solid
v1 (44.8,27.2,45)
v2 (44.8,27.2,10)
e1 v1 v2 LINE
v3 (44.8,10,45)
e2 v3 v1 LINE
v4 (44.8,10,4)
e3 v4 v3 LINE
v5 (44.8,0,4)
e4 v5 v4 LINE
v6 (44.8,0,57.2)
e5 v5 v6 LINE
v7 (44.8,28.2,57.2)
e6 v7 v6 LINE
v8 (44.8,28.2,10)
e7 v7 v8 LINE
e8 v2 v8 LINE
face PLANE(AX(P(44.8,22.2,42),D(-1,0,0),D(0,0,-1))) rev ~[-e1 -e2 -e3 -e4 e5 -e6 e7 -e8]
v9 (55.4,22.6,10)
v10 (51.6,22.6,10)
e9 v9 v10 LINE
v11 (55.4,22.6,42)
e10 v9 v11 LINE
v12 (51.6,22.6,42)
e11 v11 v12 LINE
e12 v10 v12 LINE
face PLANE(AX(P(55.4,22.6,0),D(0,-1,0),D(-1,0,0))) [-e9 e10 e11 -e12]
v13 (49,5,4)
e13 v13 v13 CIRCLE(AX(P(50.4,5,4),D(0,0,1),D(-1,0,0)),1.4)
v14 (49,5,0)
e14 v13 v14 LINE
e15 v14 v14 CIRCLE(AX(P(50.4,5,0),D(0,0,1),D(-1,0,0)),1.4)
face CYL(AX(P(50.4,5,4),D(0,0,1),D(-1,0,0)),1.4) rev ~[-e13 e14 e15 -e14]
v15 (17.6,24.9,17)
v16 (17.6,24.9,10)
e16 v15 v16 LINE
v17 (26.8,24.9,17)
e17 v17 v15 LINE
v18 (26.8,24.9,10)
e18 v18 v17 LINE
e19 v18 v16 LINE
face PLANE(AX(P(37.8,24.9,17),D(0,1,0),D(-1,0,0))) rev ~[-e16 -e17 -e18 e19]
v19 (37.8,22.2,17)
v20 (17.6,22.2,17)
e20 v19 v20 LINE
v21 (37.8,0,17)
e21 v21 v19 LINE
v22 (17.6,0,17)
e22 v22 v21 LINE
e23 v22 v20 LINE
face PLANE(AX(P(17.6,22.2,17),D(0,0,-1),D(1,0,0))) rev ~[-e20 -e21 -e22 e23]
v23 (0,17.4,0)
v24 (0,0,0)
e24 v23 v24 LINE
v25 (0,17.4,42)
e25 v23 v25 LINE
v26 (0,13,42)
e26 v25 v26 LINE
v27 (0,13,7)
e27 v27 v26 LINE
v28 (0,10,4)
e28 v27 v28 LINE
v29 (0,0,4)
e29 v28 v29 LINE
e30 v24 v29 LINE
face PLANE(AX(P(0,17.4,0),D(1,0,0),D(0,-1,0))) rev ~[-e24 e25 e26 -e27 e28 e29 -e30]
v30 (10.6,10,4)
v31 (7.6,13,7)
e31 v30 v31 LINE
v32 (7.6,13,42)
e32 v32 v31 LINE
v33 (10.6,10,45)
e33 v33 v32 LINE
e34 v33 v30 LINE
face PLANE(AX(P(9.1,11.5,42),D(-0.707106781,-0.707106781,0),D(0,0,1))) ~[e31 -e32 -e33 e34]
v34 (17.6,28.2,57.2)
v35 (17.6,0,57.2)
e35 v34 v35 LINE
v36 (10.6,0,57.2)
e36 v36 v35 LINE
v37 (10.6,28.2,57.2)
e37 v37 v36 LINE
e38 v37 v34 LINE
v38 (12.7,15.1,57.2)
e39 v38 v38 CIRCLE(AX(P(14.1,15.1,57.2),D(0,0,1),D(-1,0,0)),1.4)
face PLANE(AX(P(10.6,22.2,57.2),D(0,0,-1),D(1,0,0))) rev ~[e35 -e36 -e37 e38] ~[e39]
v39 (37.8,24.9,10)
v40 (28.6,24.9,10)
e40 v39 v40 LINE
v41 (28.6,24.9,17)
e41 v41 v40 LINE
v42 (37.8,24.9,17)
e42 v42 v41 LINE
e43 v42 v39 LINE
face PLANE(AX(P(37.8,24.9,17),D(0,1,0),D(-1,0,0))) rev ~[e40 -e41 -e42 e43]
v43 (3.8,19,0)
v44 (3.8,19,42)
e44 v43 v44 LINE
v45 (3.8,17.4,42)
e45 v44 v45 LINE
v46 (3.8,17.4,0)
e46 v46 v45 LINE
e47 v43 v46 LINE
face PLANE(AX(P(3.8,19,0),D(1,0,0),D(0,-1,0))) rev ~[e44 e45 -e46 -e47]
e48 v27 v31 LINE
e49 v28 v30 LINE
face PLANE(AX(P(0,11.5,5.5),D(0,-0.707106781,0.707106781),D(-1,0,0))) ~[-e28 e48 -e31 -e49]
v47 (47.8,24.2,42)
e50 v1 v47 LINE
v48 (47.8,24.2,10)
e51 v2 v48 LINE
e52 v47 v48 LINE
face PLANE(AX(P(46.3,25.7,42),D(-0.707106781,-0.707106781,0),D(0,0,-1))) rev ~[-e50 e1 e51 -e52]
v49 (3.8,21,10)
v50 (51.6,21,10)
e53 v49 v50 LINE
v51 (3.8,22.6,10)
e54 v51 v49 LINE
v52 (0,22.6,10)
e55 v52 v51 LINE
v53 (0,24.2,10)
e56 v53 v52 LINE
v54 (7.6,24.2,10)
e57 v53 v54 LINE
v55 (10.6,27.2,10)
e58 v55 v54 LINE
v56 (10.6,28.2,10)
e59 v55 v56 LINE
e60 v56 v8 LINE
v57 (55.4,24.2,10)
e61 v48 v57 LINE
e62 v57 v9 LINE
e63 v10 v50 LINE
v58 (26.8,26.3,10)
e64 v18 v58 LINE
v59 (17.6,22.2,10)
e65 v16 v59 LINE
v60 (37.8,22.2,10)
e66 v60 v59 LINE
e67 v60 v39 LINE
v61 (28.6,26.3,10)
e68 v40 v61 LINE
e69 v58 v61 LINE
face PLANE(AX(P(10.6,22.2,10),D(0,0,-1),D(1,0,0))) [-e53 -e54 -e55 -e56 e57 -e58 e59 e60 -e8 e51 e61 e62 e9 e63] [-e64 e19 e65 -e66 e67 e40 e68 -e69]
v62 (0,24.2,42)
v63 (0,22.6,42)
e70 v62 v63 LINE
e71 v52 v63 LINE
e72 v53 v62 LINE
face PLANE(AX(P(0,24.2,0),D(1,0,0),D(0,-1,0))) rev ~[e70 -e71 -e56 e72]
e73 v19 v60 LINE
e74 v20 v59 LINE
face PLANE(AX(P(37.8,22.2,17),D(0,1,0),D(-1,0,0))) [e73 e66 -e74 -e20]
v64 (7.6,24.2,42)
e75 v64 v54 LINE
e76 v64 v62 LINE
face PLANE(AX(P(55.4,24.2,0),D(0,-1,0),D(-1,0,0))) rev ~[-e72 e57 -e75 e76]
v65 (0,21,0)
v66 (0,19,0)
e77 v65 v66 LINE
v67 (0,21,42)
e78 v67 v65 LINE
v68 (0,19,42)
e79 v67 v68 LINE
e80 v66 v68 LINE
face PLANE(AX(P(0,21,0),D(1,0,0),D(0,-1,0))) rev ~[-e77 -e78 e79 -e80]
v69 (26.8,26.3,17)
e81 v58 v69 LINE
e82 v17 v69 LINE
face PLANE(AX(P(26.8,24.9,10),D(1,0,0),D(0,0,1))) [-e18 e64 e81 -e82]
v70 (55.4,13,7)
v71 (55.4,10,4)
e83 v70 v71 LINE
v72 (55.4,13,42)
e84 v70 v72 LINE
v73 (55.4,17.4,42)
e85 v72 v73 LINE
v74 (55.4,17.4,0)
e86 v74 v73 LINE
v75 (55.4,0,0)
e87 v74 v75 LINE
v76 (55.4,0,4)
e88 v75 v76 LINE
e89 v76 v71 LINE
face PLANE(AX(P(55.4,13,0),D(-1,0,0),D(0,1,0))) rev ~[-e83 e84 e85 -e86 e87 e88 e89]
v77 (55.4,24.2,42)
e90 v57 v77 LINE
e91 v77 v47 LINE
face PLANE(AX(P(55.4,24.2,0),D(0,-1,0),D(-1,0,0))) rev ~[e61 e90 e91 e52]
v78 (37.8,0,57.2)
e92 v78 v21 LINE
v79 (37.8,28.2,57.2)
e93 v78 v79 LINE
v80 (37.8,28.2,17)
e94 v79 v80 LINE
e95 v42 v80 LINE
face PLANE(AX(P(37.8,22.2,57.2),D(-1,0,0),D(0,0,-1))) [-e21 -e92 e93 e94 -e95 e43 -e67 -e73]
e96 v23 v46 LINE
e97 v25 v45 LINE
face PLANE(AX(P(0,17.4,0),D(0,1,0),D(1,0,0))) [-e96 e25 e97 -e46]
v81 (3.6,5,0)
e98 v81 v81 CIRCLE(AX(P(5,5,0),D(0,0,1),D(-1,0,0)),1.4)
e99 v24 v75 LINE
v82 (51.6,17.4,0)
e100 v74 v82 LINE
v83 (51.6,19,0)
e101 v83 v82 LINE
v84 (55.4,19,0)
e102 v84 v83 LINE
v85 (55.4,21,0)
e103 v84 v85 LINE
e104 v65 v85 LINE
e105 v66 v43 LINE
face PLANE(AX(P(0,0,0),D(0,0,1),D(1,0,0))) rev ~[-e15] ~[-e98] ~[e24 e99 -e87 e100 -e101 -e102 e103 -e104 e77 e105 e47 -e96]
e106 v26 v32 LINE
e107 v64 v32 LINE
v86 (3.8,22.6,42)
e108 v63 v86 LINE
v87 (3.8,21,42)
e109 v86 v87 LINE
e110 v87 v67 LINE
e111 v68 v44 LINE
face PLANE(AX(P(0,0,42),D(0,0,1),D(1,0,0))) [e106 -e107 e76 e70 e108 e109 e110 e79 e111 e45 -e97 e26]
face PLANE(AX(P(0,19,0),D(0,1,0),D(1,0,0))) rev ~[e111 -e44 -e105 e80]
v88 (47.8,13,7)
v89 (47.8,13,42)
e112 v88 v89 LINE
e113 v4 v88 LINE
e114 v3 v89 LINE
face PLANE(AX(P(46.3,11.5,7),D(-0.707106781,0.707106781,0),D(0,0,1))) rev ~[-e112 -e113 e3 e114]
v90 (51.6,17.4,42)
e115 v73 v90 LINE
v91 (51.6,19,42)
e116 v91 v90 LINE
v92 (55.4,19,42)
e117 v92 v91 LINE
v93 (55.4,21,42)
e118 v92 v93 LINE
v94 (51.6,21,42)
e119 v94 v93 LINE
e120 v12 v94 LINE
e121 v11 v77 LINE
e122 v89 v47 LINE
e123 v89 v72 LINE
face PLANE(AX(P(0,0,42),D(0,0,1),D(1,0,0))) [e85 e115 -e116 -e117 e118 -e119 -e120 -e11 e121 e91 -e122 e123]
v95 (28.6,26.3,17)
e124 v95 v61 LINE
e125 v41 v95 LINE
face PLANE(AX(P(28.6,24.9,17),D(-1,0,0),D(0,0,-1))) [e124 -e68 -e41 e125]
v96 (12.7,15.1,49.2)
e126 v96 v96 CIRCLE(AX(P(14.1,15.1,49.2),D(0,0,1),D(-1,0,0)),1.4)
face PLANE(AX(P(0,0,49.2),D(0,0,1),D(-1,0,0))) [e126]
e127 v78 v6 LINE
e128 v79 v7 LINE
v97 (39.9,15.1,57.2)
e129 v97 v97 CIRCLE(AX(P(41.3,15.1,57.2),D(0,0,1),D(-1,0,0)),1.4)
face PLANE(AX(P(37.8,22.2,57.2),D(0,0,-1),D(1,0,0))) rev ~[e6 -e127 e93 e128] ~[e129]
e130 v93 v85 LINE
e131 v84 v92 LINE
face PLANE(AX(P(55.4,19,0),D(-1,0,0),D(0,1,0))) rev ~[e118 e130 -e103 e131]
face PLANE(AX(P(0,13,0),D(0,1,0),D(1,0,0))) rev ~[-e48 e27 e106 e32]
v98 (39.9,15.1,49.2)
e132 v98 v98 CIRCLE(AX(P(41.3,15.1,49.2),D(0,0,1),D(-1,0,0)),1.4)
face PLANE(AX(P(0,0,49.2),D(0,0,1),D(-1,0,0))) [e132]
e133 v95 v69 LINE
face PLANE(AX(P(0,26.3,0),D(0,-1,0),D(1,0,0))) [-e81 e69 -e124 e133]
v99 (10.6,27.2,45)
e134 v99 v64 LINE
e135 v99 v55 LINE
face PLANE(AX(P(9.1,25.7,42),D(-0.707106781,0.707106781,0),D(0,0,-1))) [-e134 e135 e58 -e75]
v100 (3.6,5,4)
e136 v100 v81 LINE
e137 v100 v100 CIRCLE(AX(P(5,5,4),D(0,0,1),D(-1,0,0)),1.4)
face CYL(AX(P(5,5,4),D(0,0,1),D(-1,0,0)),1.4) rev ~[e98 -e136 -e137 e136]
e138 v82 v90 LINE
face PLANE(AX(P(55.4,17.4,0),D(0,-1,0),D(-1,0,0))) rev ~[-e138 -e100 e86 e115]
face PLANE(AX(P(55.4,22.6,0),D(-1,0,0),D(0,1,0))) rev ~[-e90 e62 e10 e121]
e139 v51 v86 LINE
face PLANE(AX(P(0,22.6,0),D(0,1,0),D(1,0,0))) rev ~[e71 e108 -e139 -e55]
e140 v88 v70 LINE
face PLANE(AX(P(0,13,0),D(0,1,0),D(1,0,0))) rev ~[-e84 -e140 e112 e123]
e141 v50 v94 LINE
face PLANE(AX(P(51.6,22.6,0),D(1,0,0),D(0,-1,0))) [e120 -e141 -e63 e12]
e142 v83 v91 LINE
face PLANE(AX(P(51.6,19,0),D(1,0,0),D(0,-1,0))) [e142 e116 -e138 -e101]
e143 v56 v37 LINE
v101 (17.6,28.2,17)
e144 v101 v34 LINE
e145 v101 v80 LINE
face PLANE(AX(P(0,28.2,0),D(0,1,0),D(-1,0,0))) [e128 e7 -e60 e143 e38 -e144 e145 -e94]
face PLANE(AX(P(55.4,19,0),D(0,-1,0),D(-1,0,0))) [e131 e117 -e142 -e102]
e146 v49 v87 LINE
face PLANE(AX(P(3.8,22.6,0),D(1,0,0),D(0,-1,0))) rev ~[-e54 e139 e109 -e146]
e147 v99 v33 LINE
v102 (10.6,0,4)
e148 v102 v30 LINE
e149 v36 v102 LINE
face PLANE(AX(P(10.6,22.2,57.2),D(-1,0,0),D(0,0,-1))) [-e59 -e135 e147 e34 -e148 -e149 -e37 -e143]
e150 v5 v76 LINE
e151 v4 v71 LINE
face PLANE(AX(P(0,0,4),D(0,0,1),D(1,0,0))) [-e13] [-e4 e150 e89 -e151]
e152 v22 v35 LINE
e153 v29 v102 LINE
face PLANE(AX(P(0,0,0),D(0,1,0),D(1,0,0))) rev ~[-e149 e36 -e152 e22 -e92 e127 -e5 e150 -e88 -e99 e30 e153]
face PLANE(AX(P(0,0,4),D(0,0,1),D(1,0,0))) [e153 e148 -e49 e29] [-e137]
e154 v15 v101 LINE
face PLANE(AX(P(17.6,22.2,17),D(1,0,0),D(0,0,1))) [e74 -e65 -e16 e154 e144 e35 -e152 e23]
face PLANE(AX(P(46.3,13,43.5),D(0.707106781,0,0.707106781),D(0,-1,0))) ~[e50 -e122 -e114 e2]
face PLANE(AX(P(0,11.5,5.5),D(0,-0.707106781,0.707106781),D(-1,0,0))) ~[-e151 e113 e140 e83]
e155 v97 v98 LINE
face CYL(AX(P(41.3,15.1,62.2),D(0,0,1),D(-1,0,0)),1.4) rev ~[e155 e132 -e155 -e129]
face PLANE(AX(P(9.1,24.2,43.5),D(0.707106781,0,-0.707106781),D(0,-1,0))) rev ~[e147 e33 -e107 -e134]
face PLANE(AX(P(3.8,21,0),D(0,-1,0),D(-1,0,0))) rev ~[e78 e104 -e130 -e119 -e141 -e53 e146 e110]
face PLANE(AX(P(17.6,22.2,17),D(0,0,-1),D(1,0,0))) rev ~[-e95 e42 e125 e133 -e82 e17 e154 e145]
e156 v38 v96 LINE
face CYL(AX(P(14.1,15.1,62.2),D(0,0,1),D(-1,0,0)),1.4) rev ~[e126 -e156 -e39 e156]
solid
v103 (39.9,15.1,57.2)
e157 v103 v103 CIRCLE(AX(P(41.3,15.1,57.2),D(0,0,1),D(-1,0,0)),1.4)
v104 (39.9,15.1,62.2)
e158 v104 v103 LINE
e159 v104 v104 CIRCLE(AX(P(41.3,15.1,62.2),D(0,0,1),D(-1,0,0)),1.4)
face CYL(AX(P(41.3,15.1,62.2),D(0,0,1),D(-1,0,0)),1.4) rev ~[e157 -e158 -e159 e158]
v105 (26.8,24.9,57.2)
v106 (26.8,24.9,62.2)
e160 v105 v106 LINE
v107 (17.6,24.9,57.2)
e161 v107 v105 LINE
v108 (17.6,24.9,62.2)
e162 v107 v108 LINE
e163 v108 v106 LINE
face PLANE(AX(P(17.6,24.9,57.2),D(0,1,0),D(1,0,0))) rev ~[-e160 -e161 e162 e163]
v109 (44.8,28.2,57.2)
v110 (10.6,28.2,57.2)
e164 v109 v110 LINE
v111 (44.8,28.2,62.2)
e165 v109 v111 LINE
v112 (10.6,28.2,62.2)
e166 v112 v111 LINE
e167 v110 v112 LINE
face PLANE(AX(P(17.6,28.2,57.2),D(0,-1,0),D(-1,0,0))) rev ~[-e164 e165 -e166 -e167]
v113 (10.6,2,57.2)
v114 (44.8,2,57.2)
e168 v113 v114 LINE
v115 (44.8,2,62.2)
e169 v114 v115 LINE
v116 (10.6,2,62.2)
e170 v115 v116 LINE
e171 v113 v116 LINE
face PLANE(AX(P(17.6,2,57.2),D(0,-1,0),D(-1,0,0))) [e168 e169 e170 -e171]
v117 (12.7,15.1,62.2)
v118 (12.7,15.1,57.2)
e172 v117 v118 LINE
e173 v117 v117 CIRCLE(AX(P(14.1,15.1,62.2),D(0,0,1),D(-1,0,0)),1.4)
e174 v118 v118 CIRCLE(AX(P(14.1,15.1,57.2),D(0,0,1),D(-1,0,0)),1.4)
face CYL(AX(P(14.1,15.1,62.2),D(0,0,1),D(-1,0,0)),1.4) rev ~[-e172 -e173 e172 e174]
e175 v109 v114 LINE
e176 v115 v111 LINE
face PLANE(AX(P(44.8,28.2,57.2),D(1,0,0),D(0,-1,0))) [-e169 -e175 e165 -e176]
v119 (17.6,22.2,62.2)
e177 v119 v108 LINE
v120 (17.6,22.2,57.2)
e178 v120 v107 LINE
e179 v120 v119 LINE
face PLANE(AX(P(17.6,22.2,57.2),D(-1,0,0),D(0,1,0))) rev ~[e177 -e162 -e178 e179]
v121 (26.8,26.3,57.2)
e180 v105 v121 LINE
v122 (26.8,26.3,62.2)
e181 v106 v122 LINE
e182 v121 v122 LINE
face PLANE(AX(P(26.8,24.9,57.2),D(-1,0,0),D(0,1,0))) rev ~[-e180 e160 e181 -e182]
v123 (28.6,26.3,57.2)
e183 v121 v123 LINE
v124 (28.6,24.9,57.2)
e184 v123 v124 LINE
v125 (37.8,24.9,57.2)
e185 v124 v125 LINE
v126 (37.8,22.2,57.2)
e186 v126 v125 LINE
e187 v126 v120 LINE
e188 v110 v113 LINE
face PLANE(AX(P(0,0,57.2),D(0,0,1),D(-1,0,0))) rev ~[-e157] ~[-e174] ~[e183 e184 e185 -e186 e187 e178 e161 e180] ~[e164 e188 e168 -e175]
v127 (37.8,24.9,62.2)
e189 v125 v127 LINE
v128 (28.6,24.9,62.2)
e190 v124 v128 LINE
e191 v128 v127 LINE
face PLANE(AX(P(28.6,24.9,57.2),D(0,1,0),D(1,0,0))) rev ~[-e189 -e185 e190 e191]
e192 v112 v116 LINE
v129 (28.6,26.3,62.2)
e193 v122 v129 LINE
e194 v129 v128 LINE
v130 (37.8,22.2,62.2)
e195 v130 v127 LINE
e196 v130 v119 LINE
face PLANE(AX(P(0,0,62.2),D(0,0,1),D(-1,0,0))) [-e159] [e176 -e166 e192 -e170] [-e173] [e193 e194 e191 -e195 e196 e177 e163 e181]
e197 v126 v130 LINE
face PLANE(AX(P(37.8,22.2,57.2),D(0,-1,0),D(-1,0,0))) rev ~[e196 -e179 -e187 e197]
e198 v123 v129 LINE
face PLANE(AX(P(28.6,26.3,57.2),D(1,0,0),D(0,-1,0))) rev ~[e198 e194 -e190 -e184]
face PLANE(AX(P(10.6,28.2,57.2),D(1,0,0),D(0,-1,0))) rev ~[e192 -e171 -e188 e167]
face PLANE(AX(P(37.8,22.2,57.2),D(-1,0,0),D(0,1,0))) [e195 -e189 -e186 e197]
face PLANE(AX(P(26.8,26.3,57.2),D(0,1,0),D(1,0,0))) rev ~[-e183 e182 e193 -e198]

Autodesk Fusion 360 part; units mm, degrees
sketch "Base" plane through (0, 0, 0) normal (0, 0, 1) x (1, 0, 0) in component "NeckServoMount"
  line L0 (0, 0) -> (55.4, 0)
  line L1 (55.4, 0) -> (55.4, 24.2)
  line L2 (55.4, 24.2) -> (0, 24.2)
  line L3 (0, 24.2) -> (0, 0)
  line L4 (0, 13) -> (55.4, 13)
  line L5 (0, 19) -> (55.4, 19) construction
  line L6 (0, 17.4) -> (55.4, 17.4) construction
  line L7 (0, 21) -> (55.4, 21) construction
  line L8 (0, 22.6) -> (55.4, 22.6) construction
  line L9 (3.8, 22.6) -> (3.8, 21)
  line L10 (3.8, 19) -> (3.8, 17.4)
  line L11 (0, 22.6) -> (3.8, 22.6)
  line L12 (3.8, 21) -> (0, 21)
  line L13 (0, 19) -> (3.8, 19)
  line L14 (0, 17.4) -> (3.8, 17.4)
  line L15 (27.7, 24.2) -> (27.7, 0) construction
  line L16 (55.4, 22.6) -> (51.6, 22.6)
  line L17 (51.6, 22.6) -> (51.6, 21)
  line L18 (51.6, 21) -> (55.4, 21)
  line L19 (51.6, 19) -> (51.6, 17.4)
  line L20 (55.4, 19) -> (51.6, 19)
  line L21 (55.4, 17.4) -> (51.6, 17.4)
  dimension "d1" = 55.4
  dimension "d3" = 13
  dimension "d4" = 4.4
  dimension "d5" = 1.6
  dimension "d6" = 2
  dimension "d7" = 1.6
  dimension "d8" = 1.6
  dimension "d9" = 3.8
extrude "ExtrudeSlottedVertical" add sketch "Base" along normal blind 42 contours L1 L2 L3 L4 L9 L10 L11 L12 L13 L14 L16 L17 L18 L19 L20 L21 makes body 1 in component "NeckServoMount"
extrude "ExtrudeBasePlate" add sketch "Base" along normal blind 4 contours L0 L1 L3 L4 bodies 1 in component "NeckServoMount"
sketch "Back" plane through (0, 24.2, 0) normal (0, 1, 0) x (-1, 0, 0) in component "NeckServoMount"
  line L0 (-55.4, 0) -> (0, 0)
  line L1 (0, 0) -> (0, 42)
  line L2 (0, 42) -> (-55.4, 42)
  line L3 (-55.4, 42) -> (-55.4, 0)
  line L4 (-55.4, 0) -> (0.6, 0)
  line L5 (0.6, 0) -> (0.6, 10)
  line L6 (0.6, 10) -> (-55.4, 10)
  line L7 (-55.4, 10) -> (-55.4, 0)
  dimension "d19" = 10
extrude "CutBackAway" cut sketch "Back" against normal up to surface (3.2 mm away) contours L0 L1 L3 L4 L6 L7 bodies 1 in component "NeckServoMount"
chamfer "Chamfer1" distance 3 angle 45 1 edges at (27.7, 13, 4) on bodies 1 in component "NeckServoMount"
sketch "ScrewHoles" plane through (0, 0, 4) normal (0, 0, 1) x (-1, 0, 0) in component "NeckServoMount"
  line L0 (-55.4, -10) -> (0, -10)
  line L1 (0, -10) -> (0, 0)
  line L2 (0, 0) -> (-55.4, 0)
  line L3 (-55.4, 0) -> (-55.4, -10)
  line L4 (0, -5) -> (-55.4, -5) construction
  circle A0 centre (-5, -5) radius 1.4
  line L5 (-27.7, 0) -> (-27.7, -10) construction
  circle A1 centre (-50.4, -5) radius 1.4
  dimension "d23" = 2.8
  dimension "d49" = 5
extrude "CutScrewHoles" cut sketch "ScrewHoles" against normal up to surface (4 mm away) contours A0 | A1 bodies 1 in component "NeckServoMount"
sketch "ServoU" plane through (0, 24.2, 0) normal (0, 1, 0) x (-1, 0, 0) in component "NeckServoMount"
  line L0 (-55.4, 10) -> (0, 10)
  line L1 (0, 10) -> (0, 42)
  line L2 (0, 42) -> (-55.4, 42)
  line L3 (-55.4, 42) -> (-55.4, 10)
  line L4 (0, 0) -> (-55.4, 0)
  line L5 (-37.8, 57.2) -> (-17.6, 57.2)
  line L6 (-17.6, 57.2) -> (-17.6, 17)
  line L7 (-17.6, 17) -> (-37.8, 17)
  line L8 (-37.8, 17) -> (-37.8, 57.2)
  line L9 (-10.6, 57.2) -> (-10.6, 3)
  line L10 (-44.8, 57.2) -> (-44.8, 3)
  line L11 (-44.8, 3) -> (-10.6, 3)
  line L12 (-10.6, 57.2) -> (-17.6, 57.2)
  line L13 (-37.8, 57.2) -> (-44.8, 57.2)
  point P0 (-10.6, 57.2)
  point P1 (-44.8, 57.2)
  dimension "d26" = 20.2
  dimension "d27" = 40.2
  dimension "d29" = 17.6
  dimension "d31" = 17
  dimension "d34" = 7
  dimension "d35" = 7
  dimension "d36" = 14
extrude "ExtrudeServoU" add sketch "ServoU" against normal up to surface (22.2 mm away) from surface at -2 contours L0 L2 L6 L7 L8 L9 L10 | L0 L9 L10 L11 | L2 L8 L10 L13 | L2 L6 L9 L12 bodies 1 in component "NeckServoMount"
extrude "CutServoU" cut sketch "ServoU" against normal blind 2 contours L0 L2 L6 L7 L8 L9 L10 | L0 L9 L10 L11 | L2 L8 L10 L13 | L2 L6 L9 L12 bodies 1 in component "NeckServoMount"
extrude "CutServoU2" cut sketch "ServoU" against normal through all contours L2 L5 L6 L8 | L2 L6 L7 L8 bodies 1 in component "NeckServoMount"
extrude "CutBackAwayAgain" cut sketch "Back" against normal up to surface (3.2 mm away) contours L0 L1 L3 L4 L6 L7 bodies 1 in component "NeckServoMount"
sketch "BottomSlot" plane through (0, 0, 17) normal (0, 0, 1) x (-1, 0, 0) in component "NeckServoMount"
  line L0 (-17.6, -22.2) -> (-17.6, 0)
  line L1 (-17.6, 0) -> (-37.8, 0)
  line L2 (-37.8, 0) -> (-37.8, -22.2)
  line L3 (-37.8, -22.2) -> (-17.6, -22.2)
  line L4 (-17.6, -22.2) -> (-37.8, -22.2)
  line L5 (-37.8, -22.2) -> (-37.8, -24.9)
  line L6 (-37.8, -24.9) -> (-17.6, -24.9)
  line L7 (-17.6, -24.9) -> (-17.6, -22.2)
  dimension "d54" = 2.7
  dimension "d55" = 20.2
extrude "ExtrudeSlotHolder" add 1 faces at (15.2667, 22.2, 38.7333) along direction (0, 1, 0) blind 6 on bodies 1 bodies 1 in component "NeckServoMount"
extrude "CutBottomSlot" cut sketch "BottomSlot" against normal up to surface (7 mm away) contours L3 L4 L5 L6 L7 bodies 1 in component "NeckServoMount"
sketch "TinySlot" plane through (0, 24.9, 0) normal (0, -1, 0) x (1, 0, 0)
  line L0 (17.6, 10) -> (37.8, 10)
  line L1 (37.8, 10) -> (37.8, 17)
  line L2 (37.8, 17) -> (17.6, 17)
  line L3 (17.6, 17) -> (17.6, 10)
  line L4 (26.8, 17) -> (28.6, 17)
  line L5 (28.6, 17) -> (28.6, 10)
  line L6 (28.6, 10) -> (26.8, 10)
  line L7 (26.8, 10) -> (26.8, 17)
  point P0 (27.7, 17)
  point P1 (27.7, 17)
  dimension "d61" = 1.8
  dimension "d62" = 7
extrude "CutTinySlot" cut sketch "TinySlot" against normal blind 1.4 contours L0 L2 L4 L5 L6 L7 bodies 1 in component "NeckServoMount"
sketch "TopPlate" plane through (0, 0, 57.2) normal (0, 0, 1) x (-1, 0, 0) in component "TopPlate"
  line L0 (-10.6, 0) -> (-17.6, 0)
  line L1 (-17.6, 0) -> (-17.6, -28.2)
  line L2 (-17.6, -28.2) -> (-10.6, -28.2)
  line L3 (-10.6, -28.2) -> (-10.6, 0)
  line L4 (-10.6, -28.2) -> (-44.8, -28.2)
  line L5 (-44.8, -28.2) -> (-44.8, -2)
  line L6 (-44.8, -2) -> (-10.6, -2)
  line L7 (-10.6, -2) -> (-10.6, -28.2)
  line L8 (-44.8, -10) -> (-44.8, 0)
  line L9 (-17.6, -24.9) -> (-26.8, -24.9)
  line L10 (-37.8, -22.2) -> (-17.6, -22.2)
  line L11 (-26.8, -24.9) -> (-26.8, -26.3)
  line L12 (-26.8, -26.3) -> (-28.6, -26.3)
  line L13 (-28.6, -26.3) -> (-28.6, -24.9)
  line L14 (-28.6, -24.9) -> (-37.8, -24.9)
  line L15 (-37.8, -24.9) -> (-37.8, -28.2)
  line L16 (-37.8, -28.2) -> (-17.6, -28.2)
  line L17 (-17.6, -28.2) -> (-17.6, -24.9)
  line L18 (-17.6, -24.9) -> (-26.8, -24.9)
  line L19 (-37.8, 0) -> (-37.8, -28.2)
  line L20 (-17.6, -22.2) -> (-37.8, -22.2)
  dimension "d66" = 2
extrude "ExtrudeTopPlate" add sketch "TopPlate" along normal blind 5 separate body contours L1 L2 L3 L4 L6 L7 L17 | L1 L6 L10 L19 L20 | L4 L5 L6 L8 L15 L19 | L1 L4 L9 L11 L12 L13 L14 L15 L16 L17 L18 L19 makes body 2 in component "TopPlate"
sketch "ScrewHoles (2)" plane through (0, 0, 62.2) normal (0, 0, 1) x (-1, 0, 0) in component "TopPlate"
  line L0 (-17.6, -22.2) -> (-17.6, -24.9)
  line L1 (-17.6, -24.9) -> (-26.8, -24.9)
  line L2 (-26.8, -24.9) -> (-26.8, -26.3)
  line L3 (-26.8, -26.3) -> (-28.6, -26.3)
  line L4 (-28.6, -26.3) -> (-28.6, -24.9)
  line L5 (-28.6, -24.9) -> (-37.8, -24.9)
  line L6 (-37.8, -24.9) -> (-37.8, -22.2)
  line L7 (-37.8, -22.2) -> (-17.6, -22.2)
  line L8 (-44.8, -28.2) -> (-10.6, -28.2)
  line L9 (-10.6, -28.2) -> (-10.6, -2)
  line L10 (-10.6, -2) -> (-44.8, -2)
  line L11 (-44.8, -2) -> (-44.8, -28.2)
  line L12 (-37.8, 0) -> (-44.8, 0)
  line L13 (-37.8, -28.2) -> (-44.8, -28.2) construction
  line L14 (-41.3, -28.2) -> (-41.3, 0) construction
  line L15 (-41.3, -28.2) -> (-41.3, -2) construction
  circle A0 centre (-41.3, -15.1) radius 1.4
  line L16 (-27.7, -2) -> (-27.7, -28.2) construction
  circle A1 centre (-14.1, -15.1) radius 1.4
  point P0 (-41.3, 0)
  point P1 (-41.3, -28.2)
  point P2 (-41.3, -2)
  point P3 (-41.3, -15.1)
  dimension "d69" = 2.8
extrude "CutHoles" cut sketch "ScrewHoles (2)" against normal blind 13 contours A0 | A1 bodies 1 in component "NeckServoMount"
extrude "Extrude2" cut sketch "ScrewHoles (2)" against normal blind 13 contours A0 | A1 bodies 2 in component "TopPlate"
chamfer "Chamfer3" distance 3 angle 45 6 edges at (44.8, 13, 24.5) (10.6, 13, 24.5) (10.6, 24.2, 26) (44.8, 24.2, 26) (10.6, 18.6, 42) (44.8, 18.6, 42) on bodies 1 in component "NeckServoMount"
component "NeckServoMount" placed x (1, 0, 0) y (0, 1, 0) z (0, 0, 1) at (0, 0, 0)
component "TopPlate" placed x (1, 0, 0) y (0, 1, 0) z (0, 0, 1) at (0, 0, 0)
equation "servo_offset_x = 17.6 mm"
equation "d29 = servo_offset_x"
equation "servo_offset_z = 17 mm"
equation "d31 = servo_offset_z"
equation "servo_offset_y = 2 mm"
equation "d38 = -servo_offset_y"
equation "d41 = -servo_offset_y"
